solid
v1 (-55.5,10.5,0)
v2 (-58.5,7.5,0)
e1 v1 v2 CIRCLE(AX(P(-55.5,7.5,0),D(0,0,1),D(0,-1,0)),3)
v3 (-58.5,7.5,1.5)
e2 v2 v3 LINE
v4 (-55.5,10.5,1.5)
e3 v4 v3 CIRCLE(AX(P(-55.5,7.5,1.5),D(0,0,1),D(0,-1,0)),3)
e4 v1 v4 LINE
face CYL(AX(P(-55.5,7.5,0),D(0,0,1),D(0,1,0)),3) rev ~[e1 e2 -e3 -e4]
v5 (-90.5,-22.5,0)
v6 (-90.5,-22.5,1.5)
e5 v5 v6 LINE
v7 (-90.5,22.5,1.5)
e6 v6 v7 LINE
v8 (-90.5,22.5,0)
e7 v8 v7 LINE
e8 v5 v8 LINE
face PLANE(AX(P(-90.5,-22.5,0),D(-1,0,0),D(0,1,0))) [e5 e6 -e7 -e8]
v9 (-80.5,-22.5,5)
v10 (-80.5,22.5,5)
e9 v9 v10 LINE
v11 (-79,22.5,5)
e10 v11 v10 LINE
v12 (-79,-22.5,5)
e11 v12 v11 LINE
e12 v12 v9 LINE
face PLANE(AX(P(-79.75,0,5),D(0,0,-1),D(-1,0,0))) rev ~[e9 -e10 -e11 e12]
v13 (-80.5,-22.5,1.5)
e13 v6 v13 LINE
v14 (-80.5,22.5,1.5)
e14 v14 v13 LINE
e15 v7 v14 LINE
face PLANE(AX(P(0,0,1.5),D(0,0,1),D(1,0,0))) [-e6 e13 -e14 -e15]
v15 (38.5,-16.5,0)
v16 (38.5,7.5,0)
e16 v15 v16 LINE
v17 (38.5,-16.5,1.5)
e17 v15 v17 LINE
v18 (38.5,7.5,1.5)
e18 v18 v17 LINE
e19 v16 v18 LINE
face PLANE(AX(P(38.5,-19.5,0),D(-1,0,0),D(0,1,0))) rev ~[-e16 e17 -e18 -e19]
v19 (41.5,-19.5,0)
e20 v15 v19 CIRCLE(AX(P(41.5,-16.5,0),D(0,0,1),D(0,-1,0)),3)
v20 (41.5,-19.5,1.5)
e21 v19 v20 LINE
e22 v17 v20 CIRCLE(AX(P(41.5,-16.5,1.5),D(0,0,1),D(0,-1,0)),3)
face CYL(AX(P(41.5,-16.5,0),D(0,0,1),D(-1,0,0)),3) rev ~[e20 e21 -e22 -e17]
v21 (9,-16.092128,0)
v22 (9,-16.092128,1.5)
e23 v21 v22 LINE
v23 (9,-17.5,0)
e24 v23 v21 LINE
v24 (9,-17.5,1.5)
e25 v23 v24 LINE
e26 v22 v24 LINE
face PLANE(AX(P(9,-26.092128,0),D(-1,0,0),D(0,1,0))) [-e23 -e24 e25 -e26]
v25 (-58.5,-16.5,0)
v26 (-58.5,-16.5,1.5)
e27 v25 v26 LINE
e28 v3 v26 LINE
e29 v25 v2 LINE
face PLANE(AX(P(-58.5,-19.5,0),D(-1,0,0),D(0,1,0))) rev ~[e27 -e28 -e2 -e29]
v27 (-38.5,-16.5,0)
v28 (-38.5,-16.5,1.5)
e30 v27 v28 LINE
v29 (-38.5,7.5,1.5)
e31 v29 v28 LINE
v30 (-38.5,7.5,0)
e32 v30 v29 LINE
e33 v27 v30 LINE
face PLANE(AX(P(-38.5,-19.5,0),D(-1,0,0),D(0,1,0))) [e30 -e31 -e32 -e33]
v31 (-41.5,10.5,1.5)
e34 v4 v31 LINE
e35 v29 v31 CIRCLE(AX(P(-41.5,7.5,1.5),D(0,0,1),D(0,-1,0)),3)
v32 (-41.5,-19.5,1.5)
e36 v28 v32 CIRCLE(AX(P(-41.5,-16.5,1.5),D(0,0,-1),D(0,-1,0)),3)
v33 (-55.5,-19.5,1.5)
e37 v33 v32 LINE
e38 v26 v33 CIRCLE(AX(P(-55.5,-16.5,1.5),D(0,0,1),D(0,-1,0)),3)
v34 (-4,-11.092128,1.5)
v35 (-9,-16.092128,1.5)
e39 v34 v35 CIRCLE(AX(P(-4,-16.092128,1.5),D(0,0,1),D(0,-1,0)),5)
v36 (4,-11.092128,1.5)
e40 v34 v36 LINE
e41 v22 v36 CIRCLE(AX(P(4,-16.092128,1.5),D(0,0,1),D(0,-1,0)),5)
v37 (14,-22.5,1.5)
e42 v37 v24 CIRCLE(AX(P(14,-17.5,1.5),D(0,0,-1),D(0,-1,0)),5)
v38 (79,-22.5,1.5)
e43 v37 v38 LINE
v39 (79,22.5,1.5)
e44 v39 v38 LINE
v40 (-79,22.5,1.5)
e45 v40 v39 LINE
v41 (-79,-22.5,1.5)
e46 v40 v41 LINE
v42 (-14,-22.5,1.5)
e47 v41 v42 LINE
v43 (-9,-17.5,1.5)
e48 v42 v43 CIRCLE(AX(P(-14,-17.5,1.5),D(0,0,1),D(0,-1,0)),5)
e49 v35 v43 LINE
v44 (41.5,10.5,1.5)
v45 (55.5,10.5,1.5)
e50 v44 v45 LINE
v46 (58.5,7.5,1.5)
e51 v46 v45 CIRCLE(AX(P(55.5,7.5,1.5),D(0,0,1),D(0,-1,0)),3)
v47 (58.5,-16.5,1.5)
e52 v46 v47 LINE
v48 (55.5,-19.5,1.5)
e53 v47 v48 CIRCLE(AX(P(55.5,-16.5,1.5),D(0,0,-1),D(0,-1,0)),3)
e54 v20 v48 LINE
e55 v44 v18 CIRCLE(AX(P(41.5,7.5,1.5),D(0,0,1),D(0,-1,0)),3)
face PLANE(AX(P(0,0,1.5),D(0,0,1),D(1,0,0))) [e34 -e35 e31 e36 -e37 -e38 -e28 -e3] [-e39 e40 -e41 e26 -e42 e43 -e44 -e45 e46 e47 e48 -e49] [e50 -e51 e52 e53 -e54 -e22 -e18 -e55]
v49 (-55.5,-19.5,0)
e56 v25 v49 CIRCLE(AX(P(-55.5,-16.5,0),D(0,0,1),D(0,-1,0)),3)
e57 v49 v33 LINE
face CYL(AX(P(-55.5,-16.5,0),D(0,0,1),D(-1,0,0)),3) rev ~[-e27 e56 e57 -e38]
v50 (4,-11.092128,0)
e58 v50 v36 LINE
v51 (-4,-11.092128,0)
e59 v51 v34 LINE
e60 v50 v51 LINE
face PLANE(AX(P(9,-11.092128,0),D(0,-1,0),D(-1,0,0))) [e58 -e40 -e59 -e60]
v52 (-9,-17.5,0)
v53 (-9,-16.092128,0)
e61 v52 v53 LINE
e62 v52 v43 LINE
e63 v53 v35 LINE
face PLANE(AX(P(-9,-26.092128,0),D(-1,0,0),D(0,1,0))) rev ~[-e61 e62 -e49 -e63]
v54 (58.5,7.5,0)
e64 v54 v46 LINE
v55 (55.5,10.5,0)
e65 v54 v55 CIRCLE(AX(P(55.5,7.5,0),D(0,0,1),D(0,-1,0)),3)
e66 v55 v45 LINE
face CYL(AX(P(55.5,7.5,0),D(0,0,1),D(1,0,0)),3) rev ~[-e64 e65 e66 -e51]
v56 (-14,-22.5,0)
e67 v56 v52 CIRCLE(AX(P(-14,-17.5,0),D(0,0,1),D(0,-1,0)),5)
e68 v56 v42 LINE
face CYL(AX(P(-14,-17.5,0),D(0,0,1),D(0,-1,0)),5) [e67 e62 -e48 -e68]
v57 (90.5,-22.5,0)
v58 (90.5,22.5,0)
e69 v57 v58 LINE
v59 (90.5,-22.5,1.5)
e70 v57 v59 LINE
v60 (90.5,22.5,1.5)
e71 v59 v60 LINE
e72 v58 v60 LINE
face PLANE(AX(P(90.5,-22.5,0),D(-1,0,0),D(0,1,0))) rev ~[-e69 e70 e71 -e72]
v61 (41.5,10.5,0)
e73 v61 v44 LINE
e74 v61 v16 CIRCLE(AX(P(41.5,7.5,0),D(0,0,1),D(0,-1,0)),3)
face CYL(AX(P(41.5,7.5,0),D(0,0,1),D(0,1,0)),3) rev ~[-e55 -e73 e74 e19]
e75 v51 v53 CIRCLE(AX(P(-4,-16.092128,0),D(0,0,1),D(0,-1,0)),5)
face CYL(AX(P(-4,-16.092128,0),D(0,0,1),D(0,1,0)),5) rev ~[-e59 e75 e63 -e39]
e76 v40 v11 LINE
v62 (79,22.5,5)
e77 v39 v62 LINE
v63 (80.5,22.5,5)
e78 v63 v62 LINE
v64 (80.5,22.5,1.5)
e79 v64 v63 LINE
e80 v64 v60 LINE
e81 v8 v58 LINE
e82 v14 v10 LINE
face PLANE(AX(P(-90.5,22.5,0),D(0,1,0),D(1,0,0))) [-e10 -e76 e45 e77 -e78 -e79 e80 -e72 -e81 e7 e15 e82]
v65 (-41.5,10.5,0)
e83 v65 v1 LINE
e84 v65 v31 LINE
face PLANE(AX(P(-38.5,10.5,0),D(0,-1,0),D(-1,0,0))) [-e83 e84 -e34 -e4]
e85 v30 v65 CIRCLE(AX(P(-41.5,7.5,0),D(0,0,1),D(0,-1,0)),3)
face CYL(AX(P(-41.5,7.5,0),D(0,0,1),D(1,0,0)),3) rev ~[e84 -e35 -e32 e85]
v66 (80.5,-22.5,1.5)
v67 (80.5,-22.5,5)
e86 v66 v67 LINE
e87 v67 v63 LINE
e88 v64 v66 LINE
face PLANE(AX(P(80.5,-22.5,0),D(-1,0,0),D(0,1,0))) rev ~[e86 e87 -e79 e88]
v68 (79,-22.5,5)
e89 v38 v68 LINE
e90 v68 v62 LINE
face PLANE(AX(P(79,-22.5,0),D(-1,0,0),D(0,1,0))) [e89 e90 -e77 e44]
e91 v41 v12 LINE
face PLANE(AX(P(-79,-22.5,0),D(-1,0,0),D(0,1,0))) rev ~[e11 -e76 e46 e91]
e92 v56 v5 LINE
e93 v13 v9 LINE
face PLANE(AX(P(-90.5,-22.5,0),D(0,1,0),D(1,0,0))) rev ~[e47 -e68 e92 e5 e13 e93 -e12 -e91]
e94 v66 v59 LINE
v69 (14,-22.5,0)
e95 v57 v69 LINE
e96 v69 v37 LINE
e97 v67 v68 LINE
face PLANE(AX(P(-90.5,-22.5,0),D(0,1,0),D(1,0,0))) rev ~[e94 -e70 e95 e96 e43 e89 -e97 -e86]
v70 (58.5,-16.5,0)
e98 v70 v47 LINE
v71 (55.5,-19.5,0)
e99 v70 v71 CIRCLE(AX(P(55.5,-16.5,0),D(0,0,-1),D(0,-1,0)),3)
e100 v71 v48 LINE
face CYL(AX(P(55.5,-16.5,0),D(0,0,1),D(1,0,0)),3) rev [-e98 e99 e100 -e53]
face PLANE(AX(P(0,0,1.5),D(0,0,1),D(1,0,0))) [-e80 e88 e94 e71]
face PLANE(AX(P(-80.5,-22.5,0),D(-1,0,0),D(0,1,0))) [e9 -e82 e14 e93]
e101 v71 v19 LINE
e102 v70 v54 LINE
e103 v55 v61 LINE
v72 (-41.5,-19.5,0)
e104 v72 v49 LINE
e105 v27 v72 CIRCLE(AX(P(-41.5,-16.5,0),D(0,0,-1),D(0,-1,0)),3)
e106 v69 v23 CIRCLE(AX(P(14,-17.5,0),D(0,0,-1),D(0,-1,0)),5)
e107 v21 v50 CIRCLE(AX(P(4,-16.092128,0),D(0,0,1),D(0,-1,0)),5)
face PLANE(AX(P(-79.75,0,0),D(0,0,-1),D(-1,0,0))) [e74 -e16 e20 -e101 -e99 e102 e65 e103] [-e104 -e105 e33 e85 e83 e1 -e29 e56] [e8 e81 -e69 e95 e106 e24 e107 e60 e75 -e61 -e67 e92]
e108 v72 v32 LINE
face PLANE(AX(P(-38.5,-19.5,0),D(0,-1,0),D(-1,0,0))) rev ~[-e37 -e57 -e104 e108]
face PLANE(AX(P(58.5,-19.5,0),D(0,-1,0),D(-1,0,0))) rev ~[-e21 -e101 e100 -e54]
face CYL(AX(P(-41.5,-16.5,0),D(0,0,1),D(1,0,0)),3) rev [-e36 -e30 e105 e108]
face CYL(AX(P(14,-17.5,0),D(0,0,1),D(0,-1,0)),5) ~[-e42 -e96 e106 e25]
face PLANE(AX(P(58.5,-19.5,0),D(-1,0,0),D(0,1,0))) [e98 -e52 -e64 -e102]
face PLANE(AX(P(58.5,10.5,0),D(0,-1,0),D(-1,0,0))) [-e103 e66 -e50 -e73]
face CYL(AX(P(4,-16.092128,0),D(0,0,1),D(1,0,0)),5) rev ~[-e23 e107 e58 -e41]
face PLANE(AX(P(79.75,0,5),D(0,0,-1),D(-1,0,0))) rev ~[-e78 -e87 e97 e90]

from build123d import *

# Parameters (mm, degrees)
SKETCH_1_W          = 181
SKETCH_1_H          = 45
EXTRUDE_1_DEPTH     = 1.5
SKETCH_2_W          = 18
SKETCH_2_H          = 15
SKETCH_2_W_2        = 20
SKETCH_2_H_2        = 30
CUT_EXTRUDE_2_DEPTH = 94.267089587
FILLET_1_R          = 5
FILLET_2_R          = 5
FILLET_3_R          = 3
SKETCH_3_W          = 1.5
SKETCH_3_H          = 45
EXTRUDE_2_DEPTH     = 5


with BuildPart() as part:
    # 草图1 → 凸台-拉伸1 (new body)
    with BuildSketch(Plane.XY):
        Rectangle(SKETCH_1_W, SKETCH_1_H)
    extrude(amount=EXTRUDE_1_DEPTH)

    # 草图2 → 切除-拉伸2 (cut, through all)
    with BuildSketch(Plane(origin=(0, 0, 0), x_dir=(-1, 0, 0), z_dir=(0, 0, -1))):
        with Locations((0, -18.592127564)):
            Rectangle(SKETCH_2_W, SKETCH_2_H)
        with Locations((48.5, -4.5)):
            Rectangle(SKETCH_2_W_2, SKETCH_2_H_2)
        with Locations((-48.5, -4.5)):
            Rectangle(SKETCH_2_W_2, SKETCH_2_H_2)
    extrude(amount=-CUT_EXTRUDE_2_DEPTH, mode=Mode.SUBTRACT)

    # 圆角1
    fillet_1_edges = [part.edges().sort_by_distance(p)[0] for p in [
        (-9, -22.5, 0.75),
        (9, -22.5, 0.75),
    ]]
    fillet(fillet_1_edges, radius=FILLET_1_R)

    # 圆角2
    fillet_2_edges = [part.edges().sort_by_distance(p)[0] for p in [
        (-9, -11.092127564, 0.75),
        (9, -11.092127564, 0.75),
    ]]
    fillet(fillet_2_edges, radius=FILLET_2_R)

    # 圆角3
    fillet_3_edges = [part.edges().sort_by_distance(p)[0] for p in [
        (38.5, -19.5, 0.75),
        (58.5, -19.5, 0.75),
        (58.5, 10.5, 0.75),
        (38.5, 10.5, 0.75),
        (-38.5, -19.5, 0.75),
        (-38.5, 10.5, 0.75),
        (-58.5, 10.5, 0.75),
        (-58.5, -19.5, 0.75),
    ]]
    fillet(fillet_3_edges, radius=FILLET_3_R)

    # 草图3 → 凸台-拉伸2 (add)
    with BuildSketch(Plane(origin=(0, 0, 0), x_dir=(-1, 0, 0), z_dir=(0, 0, -1))):
        with Locations((79.75, 0)):
            Rectangle(SKETCH_3_W, SKETCH_3_H)
        with Locations((-79.75, 0)):
            Rectangle(SKETCH_3_W, SKETCH_3_H)
    extrude(amount=-EXTRUDE_2_DEPTH)


solid = part.part
